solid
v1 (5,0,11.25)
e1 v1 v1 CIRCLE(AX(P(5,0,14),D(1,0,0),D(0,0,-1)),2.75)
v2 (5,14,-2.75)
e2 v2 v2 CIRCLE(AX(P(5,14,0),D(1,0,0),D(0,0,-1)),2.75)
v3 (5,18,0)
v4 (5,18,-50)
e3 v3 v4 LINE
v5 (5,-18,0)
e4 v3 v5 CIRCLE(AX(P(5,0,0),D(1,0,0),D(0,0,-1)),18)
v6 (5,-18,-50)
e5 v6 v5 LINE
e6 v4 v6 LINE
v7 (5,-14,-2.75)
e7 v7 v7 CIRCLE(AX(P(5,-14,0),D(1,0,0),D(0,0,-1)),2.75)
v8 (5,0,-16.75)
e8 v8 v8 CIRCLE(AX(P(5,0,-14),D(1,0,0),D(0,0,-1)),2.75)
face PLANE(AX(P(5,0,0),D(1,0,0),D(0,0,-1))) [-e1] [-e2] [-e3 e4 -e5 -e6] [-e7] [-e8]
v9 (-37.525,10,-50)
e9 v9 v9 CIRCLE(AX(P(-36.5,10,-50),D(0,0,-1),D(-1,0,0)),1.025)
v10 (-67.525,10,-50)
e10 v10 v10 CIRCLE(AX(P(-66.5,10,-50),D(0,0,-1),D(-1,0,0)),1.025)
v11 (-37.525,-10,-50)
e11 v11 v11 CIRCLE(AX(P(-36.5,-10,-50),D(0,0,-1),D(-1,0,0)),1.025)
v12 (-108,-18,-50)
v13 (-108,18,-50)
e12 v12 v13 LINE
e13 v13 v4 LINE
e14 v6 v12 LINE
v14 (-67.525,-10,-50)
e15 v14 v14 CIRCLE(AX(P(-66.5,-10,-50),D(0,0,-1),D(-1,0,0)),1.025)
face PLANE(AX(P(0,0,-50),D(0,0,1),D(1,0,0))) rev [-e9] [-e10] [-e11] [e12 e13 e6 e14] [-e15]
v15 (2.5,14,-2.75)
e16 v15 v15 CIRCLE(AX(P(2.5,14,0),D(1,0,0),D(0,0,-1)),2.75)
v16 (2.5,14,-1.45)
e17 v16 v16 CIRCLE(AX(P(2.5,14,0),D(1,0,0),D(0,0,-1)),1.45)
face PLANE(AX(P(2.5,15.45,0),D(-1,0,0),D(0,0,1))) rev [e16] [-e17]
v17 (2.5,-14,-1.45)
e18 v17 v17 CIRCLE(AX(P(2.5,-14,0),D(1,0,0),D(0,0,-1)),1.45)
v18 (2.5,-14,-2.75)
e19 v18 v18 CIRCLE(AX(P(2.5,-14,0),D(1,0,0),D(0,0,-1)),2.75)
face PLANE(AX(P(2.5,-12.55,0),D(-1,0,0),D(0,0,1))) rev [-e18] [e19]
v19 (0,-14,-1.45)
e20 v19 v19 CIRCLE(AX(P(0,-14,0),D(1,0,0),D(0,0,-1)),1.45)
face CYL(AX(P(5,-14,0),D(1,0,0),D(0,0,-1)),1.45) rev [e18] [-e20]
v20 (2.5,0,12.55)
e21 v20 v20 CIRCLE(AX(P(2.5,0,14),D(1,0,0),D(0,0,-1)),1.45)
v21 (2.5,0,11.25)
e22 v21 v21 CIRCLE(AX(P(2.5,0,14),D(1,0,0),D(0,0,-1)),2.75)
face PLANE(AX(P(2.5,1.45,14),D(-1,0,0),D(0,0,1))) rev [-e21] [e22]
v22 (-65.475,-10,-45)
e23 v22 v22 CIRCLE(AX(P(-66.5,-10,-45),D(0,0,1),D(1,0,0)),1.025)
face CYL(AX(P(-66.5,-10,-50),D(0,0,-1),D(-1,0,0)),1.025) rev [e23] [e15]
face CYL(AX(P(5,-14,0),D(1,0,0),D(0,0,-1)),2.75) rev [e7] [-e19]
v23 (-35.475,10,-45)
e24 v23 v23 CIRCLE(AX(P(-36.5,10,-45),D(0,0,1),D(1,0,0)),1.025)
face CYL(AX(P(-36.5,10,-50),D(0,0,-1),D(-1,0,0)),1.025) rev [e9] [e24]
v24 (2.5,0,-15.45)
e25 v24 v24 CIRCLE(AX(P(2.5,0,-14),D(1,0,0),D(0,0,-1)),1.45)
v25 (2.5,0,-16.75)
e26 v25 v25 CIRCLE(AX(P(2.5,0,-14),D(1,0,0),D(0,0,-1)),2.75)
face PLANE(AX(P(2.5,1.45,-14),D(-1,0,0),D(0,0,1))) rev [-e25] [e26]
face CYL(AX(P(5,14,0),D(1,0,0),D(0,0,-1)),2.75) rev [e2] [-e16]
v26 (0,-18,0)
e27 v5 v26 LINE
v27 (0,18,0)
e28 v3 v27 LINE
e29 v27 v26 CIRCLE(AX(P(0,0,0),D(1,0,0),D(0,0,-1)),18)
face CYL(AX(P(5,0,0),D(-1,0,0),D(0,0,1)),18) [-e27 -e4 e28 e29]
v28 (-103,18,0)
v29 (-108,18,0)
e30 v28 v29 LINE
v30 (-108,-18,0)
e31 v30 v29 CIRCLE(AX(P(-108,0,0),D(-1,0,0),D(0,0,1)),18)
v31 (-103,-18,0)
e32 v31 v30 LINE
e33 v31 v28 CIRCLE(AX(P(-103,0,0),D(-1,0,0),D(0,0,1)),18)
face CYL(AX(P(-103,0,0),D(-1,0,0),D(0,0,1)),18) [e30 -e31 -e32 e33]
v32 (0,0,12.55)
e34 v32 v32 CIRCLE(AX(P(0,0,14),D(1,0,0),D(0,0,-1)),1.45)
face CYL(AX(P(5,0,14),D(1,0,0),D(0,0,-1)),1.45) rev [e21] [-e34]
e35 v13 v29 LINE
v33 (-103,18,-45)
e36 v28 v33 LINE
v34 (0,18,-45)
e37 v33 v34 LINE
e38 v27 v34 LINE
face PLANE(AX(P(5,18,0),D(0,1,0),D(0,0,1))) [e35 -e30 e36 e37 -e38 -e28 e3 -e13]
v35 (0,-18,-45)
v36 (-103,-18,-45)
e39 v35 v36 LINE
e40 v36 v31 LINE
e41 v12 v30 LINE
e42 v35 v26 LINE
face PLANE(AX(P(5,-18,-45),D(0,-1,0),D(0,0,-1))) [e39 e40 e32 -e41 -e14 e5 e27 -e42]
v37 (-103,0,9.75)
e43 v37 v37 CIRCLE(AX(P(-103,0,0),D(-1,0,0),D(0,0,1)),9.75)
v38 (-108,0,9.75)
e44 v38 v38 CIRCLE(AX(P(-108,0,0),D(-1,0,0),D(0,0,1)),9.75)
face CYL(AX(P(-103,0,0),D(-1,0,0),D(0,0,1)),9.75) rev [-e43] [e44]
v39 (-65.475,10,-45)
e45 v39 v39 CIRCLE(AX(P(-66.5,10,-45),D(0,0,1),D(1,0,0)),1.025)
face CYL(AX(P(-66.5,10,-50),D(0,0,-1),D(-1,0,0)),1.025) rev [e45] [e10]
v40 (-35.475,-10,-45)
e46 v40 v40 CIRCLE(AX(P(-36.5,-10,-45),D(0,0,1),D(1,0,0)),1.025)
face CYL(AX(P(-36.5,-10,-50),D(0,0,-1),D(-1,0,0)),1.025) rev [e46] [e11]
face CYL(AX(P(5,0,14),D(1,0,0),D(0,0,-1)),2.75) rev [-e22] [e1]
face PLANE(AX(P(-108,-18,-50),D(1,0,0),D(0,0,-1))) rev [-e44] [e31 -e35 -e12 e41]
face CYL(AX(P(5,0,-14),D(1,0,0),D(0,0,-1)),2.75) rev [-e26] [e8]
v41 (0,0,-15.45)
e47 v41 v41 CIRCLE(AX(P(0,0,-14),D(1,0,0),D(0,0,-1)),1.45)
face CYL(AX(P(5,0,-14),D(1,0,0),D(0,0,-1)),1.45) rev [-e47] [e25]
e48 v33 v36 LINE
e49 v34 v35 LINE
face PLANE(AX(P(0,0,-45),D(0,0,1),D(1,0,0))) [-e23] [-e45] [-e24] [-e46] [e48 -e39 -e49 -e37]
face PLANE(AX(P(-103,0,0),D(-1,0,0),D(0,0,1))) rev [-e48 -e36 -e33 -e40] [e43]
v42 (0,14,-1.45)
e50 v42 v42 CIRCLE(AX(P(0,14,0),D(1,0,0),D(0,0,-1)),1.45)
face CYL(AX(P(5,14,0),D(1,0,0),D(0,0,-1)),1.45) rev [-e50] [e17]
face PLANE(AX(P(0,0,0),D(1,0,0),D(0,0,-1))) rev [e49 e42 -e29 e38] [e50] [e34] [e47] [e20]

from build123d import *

# Parameters (mm, degrees)
BOSS_EXTRUDE1_DEPTH                               = 5
CBORE_FOR_M2_5_SOCKET_HEAD_CAP_SCREW1_D           = 2.9
CBORE_FOR_M2_5_SOCKET_HEAD_CAP_SCREW1_CBORE_D     = 5.5
CBORE_FOR_M2_5_SOCKET_HEAD_CAP_SCREW1_CBORE_DEPTH = 2.5
SKETCH6_W                                         = 113
SKETCH6_H                                         = 36
BOSS_EXTRUDE2_DEPTH                               = 5
BOSS_EXTRUDE3_DEPTH                               = 5
SKETCH8_R                                         = 9.75
CUT_EXTRUDE1_DEPTH                                = 5
M2_5_TAPPED_HOLE1_D                               = 2.05


with BuildPart() as part:
    # Sketch1 → Boss-Extrude1 (new body)
    with BuildSketch(Plane(origin=(0, 0, 0), x_dir=(0, 0, -1), z_dir=(1, 0, 0))):
        with BuildLine():
            Line((0, 18), (45, 18))
            Line((45, 18), (45, -18))
            Line((45, -18), (0, -18))
            ThreePointArc((0, -18), (-18, 0), (0, 18))
        make_face()
    extrude(amount=BOSS_EXTRUDE1_DEPTH)

    # CBORE for M2.5 Socket Head Cap Screw1 (through all)
    with Locations(Plane(origin=(5, 14, 0), x_dir=(0, 0, 1), z_dir=(1, 0, 0))):
        with Locations((0, 0), (-14, 14), (0, 28), (14, 14)):
            CounterBoreHole(CBORE_FOR_M2_5_SOCKET_HEAD_CAP_SCREW1_D / 2, CBORE_FOR_M2_5_SOCKET_HEAD_CAP_SCREW1_CBORE_D / 2, CBORE_FOR_M2_5_SOCKET_HEAD_CAP_SCREW1_CBORE_DEPTH)

    # Sketch6 → Boss-Extrude2 (add)
    with BuildSketch(Plane(origin=(0, 0, -45), x_dir=(-1, 0, 0), z_dir=(0, 0, -1))):
        with Locations((51.5, 0)):
            Rectangle(SKETCH6_W, SKETCH6_H)
    extrude(amount=BOSS_EXTRUDE2_DEPTH)

    # Sketch7 → Boss-Extrude3 (add)
    with BuildSketch(Plane.ZY.offset(108)):
        with BuildLine():
            Line((-50, -18), (0, -18))
            ThreePointArc((0, -18), (18, 0), (0, 18))
            Line((0, 18), (-50, 18))
            Line((-50, 18), (-50, -18))
        make_face()
    extrude(amount=-BOSS_EXTRUDE3_DEPTH)

    # Sketch8 → Cut-Extrude1 (cut)
    with BuildSketch(Plane.ZY.offset(108)):
        Circle(SKETCH8_R)
    extrude(amount=-CUT_EXTRUDE1_DEPTH, mode=Mode.SUBTRACT)

    # M2.5 Tapped Hole1 (through all)
    with Locations(Plane(origin=(0, 0, -50), x_dir=(-1, 0, 0), z_dir=(0, 0, -1))):
        with Locations((36.5, 10), (66.5, 10), (66.5, -10), (36.5, -10)):
            Hole(M2_5_TAPPED_HOLE1_D / 2)


solid = part.part
